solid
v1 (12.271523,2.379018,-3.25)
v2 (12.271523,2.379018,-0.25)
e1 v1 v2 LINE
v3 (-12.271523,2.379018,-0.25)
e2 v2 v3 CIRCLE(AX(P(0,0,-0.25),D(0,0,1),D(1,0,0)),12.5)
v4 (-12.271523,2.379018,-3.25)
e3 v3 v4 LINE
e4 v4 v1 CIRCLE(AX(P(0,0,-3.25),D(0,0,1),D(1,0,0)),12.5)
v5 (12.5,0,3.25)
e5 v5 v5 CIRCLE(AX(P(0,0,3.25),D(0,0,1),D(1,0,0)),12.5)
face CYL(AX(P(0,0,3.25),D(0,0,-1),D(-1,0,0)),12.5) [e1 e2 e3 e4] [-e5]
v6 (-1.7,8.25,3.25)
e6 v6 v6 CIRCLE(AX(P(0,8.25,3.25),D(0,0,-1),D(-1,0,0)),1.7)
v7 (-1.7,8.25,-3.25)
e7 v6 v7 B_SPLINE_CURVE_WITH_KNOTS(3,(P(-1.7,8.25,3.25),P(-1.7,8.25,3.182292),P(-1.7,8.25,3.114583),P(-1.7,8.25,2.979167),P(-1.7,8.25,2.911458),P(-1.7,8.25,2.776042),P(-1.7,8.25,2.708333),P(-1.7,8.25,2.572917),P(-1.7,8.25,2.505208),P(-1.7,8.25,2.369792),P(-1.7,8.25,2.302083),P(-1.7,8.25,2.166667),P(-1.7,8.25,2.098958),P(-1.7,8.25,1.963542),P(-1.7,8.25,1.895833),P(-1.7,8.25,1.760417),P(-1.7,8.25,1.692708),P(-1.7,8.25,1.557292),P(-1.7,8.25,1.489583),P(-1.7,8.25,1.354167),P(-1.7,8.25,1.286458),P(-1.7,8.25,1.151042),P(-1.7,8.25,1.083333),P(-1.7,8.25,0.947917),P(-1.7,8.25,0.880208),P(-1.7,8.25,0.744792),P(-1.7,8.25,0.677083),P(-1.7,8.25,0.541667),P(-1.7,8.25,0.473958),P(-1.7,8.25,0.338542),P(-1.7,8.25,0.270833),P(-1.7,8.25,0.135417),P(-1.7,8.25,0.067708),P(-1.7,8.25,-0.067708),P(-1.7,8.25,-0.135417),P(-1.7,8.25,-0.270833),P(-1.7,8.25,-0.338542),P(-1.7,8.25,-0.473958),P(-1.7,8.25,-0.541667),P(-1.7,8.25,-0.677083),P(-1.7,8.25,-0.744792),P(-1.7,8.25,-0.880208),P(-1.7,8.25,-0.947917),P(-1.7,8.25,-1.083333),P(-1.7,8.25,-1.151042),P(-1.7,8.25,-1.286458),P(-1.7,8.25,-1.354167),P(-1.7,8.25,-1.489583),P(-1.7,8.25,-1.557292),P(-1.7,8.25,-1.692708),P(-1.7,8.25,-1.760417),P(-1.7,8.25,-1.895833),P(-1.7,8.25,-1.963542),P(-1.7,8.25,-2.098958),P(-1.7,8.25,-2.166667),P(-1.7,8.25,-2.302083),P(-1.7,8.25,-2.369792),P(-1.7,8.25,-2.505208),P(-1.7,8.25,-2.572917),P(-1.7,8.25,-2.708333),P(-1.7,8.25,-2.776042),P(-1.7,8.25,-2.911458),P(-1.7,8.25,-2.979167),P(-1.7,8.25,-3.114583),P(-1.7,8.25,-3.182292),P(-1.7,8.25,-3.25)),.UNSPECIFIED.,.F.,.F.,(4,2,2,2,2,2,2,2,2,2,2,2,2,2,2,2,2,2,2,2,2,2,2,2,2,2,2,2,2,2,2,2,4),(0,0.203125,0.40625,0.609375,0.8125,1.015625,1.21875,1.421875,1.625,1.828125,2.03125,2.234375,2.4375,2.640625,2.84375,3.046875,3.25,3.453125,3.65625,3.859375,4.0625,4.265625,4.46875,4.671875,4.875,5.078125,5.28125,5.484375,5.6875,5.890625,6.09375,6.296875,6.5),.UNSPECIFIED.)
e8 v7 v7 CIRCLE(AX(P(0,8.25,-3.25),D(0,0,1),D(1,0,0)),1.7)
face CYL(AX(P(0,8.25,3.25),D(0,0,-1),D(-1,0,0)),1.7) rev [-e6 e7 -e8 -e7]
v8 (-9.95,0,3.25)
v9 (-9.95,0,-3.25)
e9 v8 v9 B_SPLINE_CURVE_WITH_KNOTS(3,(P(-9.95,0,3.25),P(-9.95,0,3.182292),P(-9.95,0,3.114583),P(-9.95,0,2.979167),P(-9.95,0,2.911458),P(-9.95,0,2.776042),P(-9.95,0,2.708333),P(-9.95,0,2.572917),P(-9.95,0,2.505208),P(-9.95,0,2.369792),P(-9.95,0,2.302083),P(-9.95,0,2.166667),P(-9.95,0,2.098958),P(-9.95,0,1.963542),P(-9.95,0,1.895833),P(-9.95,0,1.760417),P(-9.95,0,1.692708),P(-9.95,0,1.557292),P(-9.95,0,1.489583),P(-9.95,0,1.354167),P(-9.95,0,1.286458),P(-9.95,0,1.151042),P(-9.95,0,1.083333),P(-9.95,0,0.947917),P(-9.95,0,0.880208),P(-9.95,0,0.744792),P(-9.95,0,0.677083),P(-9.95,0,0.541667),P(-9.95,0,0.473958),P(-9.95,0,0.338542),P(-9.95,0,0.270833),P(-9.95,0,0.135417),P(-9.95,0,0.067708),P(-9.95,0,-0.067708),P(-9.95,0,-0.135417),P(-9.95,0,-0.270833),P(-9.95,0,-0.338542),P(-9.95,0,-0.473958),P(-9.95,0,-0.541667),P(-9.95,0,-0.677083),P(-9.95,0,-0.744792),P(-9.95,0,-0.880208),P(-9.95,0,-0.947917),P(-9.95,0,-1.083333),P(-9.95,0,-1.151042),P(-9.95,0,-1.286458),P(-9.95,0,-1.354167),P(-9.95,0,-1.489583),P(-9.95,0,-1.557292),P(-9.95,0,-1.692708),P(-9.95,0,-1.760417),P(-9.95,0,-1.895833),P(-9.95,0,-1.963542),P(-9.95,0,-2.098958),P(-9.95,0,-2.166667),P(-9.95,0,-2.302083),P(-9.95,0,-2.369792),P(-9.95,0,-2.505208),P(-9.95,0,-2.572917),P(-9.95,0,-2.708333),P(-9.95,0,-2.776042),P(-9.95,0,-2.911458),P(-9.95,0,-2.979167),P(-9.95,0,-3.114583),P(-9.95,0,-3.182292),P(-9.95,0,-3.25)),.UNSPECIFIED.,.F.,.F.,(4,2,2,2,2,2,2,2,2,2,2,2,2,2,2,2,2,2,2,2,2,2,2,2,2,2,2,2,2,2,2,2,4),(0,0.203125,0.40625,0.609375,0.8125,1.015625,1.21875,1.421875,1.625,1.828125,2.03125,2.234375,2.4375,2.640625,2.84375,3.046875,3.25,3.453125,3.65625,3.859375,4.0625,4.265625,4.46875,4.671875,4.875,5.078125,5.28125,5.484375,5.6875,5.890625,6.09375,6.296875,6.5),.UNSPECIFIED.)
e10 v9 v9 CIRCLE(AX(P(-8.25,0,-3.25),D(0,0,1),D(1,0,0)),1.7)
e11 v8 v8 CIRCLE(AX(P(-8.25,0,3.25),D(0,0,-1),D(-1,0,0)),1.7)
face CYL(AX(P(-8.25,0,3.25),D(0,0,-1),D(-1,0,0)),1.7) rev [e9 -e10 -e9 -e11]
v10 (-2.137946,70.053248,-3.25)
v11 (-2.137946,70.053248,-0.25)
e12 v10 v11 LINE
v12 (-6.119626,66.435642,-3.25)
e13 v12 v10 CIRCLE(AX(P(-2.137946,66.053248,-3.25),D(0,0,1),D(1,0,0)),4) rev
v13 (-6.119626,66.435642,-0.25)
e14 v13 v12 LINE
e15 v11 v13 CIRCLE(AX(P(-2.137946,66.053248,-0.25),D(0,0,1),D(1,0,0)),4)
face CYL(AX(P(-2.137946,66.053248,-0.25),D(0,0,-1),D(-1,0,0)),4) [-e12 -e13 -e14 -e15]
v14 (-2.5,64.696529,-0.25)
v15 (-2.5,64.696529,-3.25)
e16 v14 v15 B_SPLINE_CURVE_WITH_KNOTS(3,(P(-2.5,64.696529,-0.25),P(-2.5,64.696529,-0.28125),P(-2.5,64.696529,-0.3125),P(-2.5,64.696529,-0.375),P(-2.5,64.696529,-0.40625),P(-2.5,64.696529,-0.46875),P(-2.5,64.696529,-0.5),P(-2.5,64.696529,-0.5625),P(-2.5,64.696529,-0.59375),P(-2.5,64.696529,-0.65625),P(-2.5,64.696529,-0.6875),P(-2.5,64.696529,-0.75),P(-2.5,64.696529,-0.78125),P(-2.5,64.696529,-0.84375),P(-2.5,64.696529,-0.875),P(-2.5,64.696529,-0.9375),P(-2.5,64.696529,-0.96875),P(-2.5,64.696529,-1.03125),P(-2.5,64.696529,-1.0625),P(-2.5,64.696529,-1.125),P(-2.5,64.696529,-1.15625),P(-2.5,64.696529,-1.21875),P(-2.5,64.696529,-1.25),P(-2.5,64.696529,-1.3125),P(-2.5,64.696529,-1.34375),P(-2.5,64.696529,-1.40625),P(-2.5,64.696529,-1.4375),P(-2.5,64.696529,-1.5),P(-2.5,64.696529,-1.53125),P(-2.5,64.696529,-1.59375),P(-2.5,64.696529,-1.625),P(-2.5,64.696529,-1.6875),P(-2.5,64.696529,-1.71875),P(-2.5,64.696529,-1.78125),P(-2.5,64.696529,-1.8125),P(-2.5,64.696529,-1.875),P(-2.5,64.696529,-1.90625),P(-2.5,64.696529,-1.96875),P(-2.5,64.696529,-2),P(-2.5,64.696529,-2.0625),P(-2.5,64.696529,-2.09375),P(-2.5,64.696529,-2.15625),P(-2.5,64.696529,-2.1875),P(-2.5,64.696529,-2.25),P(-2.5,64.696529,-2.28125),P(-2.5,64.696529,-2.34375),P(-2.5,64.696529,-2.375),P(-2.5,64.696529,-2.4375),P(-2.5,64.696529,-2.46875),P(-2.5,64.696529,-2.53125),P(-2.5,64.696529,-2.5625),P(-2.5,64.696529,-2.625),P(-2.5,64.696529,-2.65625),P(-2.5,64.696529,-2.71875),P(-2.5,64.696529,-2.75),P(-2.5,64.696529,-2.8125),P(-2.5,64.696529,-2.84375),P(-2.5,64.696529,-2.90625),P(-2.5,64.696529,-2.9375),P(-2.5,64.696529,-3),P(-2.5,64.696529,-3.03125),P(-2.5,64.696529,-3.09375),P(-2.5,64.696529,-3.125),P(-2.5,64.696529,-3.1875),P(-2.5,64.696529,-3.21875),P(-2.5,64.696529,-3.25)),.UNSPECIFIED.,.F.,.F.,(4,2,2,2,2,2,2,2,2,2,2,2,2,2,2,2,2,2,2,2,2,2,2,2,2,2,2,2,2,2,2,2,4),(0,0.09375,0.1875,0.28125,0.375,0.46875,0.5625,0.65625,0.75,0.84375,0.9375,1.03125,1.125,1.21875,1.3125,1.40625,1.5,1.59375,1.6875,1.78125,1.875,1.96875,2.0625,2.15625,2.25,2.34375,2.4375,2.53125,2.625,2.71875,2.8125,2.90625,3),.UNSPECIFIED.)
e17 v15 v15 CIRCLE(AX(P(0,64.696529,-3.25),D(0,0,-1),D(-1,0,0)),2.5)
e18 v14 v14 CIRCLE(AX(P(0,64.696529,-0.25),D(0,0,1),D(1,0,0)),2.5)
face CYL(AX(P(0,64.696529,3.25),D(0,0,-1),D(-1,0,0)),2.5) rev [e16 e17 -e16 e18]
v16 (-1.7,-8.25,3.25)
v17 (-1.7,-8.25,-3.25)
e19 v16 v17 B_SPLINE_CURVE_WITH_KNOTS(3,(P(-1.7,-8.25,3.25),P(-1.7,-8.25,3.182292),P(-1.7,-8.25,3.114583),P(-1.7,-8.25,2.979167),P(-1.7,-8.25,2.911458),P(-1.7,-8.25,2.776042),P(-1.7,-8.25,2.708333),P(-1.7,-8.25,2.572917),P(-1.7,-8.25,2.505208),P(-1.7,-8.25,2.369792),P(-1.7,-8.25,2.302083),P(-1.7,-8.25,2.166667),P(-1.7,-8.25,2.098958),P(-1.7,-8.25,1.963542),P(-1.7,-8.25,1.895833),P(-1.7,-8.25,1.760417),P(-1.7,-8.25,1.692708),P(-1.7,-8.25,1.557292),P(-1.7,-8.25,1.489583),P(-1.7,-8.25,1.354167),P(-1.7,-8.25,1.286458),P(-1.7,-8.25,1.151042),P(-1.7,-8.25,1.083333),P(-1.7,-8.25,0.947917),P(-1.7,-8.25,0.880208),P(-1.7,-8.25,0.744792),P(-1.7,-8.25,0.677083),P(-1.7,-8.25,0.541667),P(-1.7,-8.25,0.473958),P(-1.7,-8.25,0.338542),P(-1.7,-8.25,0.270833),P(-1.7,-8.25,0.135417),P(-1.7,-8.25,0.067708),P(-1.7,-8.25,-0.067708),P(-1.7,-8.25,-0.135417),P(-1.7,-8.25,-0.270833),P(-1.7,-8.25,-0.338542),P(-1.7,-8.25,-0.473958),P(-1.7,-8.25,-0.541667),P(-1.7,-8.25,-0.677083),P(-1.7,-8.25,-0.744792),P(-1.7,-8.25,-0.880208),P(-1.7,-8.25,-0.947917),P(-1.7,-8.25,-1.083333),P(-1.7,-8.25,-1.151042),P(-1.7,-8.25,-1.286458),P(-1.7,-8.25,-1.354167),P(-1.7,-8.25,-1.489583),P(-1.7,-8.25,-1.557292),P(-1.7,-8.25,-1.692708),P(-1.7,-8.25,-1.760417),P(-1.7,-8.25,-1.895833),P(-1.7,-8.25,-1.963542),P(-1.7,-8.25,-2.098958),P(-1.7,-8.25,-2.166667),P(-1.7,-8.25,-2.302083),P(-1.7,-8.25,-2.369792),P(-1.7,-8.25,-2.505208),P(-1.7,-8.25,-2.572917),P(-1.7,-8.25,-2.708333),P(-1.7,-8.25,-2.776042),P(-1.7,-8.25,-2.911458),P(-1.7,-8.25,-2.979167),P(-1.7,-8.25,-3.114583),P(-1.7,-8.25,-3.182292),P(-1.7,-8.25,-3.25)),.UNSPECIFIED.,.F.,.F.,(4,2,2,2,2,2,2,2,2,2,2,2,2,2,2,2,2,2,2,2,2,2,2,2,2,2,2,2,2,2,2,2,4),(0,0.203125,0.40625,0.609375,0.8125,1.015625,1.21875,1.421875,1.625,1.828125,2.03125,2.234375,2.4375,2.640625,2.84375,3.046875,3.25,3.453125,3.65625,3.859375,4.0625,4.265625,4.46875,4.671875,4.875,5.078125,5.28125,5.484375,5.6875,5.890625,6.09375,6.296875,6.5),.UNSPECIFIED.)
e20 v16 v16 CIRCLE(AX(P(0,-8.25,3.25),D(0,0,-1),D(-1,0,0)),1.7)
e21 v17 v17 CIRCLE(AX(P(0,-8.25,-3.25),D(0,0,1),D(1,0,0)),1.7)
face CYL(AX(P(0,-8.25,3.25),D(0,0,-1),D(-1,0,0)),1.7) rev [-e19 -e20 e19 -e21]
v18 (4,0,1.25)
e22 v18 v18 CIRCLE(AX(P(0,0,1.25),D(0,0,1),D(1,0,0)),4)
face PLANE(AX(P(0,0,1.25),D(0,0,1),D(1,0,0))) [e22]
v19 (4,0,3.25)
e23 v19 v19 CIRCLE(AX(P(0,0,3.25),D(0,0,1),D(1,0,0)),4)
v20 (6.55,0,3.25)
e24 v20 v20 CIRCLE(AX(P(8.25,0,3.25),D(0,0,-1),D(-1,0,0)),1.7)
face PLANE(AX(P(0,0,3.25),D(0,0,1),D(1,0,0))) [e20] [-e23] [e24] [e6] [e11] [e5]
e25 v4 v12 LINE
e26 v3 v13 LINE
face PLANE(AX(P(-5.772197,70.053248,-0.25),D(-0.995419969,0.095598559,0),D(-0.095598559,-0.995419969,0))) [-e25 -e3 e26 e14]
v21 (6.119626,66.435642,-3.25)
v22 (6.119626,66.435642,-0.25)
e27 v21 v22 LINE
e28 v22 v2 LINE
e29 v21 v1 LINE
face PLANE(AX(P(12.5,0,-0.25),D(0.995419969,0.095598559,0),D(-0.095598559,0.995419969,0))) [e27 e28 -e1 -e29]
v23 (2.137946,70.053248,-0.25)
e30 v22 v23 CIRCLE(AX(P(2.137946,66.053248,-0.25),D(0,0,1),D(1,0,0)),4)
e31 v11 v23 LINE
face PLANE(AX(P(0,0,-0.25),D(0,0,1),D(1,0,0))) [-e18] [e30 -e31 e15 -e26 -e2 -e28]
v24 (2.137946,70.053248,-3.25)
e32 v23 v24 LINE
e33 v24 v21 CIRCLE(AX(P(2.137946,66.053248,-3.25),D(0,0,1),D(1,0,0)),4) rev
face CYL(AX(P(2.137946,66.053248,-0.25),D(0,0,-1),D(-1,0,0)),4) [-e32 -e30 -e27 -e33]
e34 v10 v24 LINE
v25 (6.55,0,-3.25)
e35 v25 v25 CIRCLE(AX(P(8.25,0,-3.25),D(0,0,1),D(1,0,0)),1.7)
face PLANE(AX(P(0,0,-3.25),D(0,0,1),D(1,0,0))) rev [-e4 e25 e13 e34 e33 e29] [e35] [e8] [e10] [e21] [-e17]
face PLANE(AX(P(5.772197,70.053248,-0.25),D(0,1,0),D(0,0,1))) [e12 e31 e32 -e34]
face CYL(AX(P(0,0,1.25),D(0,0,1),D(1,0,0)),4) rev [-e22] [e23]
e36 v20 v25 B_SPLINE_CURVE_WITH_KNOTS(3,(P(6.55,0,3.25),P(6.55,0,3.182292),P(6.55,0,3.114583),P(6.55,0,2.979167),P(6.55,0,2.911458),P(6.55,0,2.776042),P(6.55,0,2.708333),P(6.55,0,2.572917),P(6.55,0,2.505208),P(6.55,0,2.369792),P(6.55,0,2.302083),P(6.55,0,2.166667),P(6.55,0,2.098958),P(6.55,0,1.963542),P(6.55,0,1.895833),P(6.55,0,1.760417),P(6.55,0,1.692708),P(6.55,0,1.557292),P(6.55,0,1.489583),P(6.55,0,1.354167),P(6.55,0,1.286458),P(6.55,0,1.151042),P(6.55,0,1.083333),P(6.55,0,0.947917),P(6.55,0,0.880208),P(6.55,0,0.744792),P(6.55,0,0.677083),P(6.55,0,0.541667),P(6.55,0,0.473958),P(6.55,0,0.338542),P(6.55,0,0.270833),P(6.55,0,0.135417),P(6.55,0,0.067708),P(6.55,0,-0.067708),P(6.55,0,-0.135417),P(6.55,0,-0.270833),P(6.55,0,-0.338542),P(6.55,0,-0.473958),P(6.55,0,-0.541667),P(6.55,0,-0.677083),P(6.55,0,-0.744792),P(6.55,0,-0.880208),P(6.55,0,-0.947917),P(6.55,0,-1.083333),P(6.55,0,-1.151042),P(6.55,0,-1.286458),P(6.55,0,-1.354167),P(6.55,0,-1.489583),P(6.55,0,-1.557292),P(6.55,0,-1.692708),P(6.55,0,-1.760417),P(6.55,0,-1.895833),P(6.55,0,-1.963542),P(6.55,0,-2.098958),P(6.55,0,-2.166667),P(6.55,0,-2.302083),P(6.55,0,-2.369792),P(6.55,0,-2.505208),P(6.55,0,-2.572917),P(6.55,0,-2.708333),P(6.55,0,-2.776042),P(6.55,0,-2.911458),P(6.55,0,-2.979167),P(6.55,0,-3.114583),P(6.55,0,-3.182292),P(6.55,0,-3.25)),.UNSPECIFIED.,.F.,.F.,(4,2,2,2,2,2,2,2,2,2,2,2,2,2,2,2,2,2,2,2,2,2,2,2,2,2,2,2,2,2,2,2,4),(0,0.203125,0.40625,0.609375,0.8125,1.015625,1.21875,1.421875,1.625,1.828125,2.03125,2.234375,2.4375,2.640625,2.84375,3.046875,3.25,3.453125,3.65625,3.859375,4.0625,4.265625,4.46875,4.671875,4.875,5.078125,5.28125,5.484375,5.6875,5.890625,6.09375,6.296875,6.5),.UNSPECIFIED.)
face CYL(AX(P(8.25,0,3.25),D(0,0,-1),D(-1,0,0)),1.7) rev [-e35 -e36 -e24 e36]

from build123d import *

# Parameters (mm, degrees)
ESQUISSE2_R                  = 12.5
BOSS_EXTRU_1_DEPTH           = 3.25
ESQUISSE3_R                  = 1.2
ENL_V_MAT_EXTRU_1_DEPTH      = 18.973939468
BOSS_EXTRU_2_DEPTH           = 3
ENL_V_MAT_EXTRU_2_DEPTH      = 72.455982989
ENL_V_MAT_EXTRU_2_DEPTH_BACK = 72.455982989
ESQUISSE10_R                 = 1.7
ESQUISSE17_R                 = 4
ENL_V_MAT_EXTRU_8_DEPTH      = 2
CONG_1_R                     = 4
ESQUISSE21_R                 = 2.5
ENL_V_MAT_EXTRU_9_DEPTH      = 72.455982989


with BuildPart() as part:
    # Esquisse2 → Boss.-Extru.1 (new, symmetric)
    with BuildSketch(Plane.XY):
        with Locations(Location((0, 0, 0), (0, 0, 180))):
            Circle(ESQUISSE2_R)
    extrude(amount=BOSS_EXTRU_1_DEPTH, both=True)

    # Esquisse3 → Enlèv. mat.-Extru.1 (cut, through all)
    with BuildSketch(Plane.XY):
        with Locations(Location((0, 8.25, 0), (0, 0, 180))):
            Circle(ESQUISSE3_R)
        with Locations(Location((-8.25, 0, 0), (0, 0, 180))):
            Circle(ESQUISSE3_R)
        with Locations(Location((0, -8.25, 0), (0, 0, 180))):
            Circle(ESQUISSE3_R)
        with Locations(Location((8.25, 0, 0), (0, 0, 180))):
            Circle(ESQUISSE3_R)
    extrude(amount=ENL_V_MAT_EXTRU_1_DEPTH, mode=Mode.SUBTRACT)

    # Esquisse20 → Boss.-Extru.2 (add)
    with BuildSketch(Plane(origin=(0, 0, -3.25), x_dir=(-1, 0, 0), z_dir=(0, 0, -1))):
        Polygon((-12.5, 0), (-5.772196938, 70.05324764), (5.772196938, 70.05324764), (12.5, 0), align=None)
    extrude(amount=-BOSS_EXTRU_2_DEPTH)

    # Esquisse10 → Enlèv. mat.-Extru.2 (cut, two sides: drawn at the far end of the back side and taken through both)
    with BuildSketch(Plane(origin=(0, 0, -3.25), x_dir=(-1, 0, 0), z_dir=(0, 0, -1)).offset(-ENL_V_MAT_EXTRU_2_DEPTH_BACK)):
        with Locations((-8.25, 0)):
            Circle(ESQUISSE10_R)
        with Locations((0, 8.25)):
            Circle(ESQUISSE10_R)
        with Locations((8.25, 0)):
            Circle(ESQUISSE10_R)
        with Locations((0, -8.25)):
            Circle(ESQUISSE10_R)
    extrude(amount=ENL_V_MAT_EXTRU_2_DEPTH + ENL_V_MAT_EXTRU_2_DEPTH_BACK, mode=Mode.SUBTRACT)

    # Esquisse17 → Enlèv. mat.-Extru.8 (cut)
    with BuildSketch(Plane.XY.offset(3.25)):
        Circle(ESQUISSE17_R)
    extrude(amount=-ENL_V_MAT_EXTRU_8_DEPTH, mode=Mode.SUBTRACT)

    # Congé1
    cong_1_edges = [part.edges().sort_by_distance(p)[0] for p in [
        (-5.772196938, 70.05324764, -1.75),
        (5.772196938, 70.05324764, -1.75),
    ]]
    fillet(cong_1_edges, radius=CONG_1_R)

    # Esquisse21 → Enlèv. mat.-Extru.9 (cut, through all)
    with BuildSketch(Plane(origin=(0, 0, -3.25), x_dir=(-1, 0, 0), z_dir=(0, 0, -1))):
        with Locations((0, 64.696529063)):
            Circle(ESQUISSE21_R)
    extrude(amount=-ENL_V_MAT_EXTRU_9_DEPTH, mode=Mode.SUBTRACT)


solid = part.part
